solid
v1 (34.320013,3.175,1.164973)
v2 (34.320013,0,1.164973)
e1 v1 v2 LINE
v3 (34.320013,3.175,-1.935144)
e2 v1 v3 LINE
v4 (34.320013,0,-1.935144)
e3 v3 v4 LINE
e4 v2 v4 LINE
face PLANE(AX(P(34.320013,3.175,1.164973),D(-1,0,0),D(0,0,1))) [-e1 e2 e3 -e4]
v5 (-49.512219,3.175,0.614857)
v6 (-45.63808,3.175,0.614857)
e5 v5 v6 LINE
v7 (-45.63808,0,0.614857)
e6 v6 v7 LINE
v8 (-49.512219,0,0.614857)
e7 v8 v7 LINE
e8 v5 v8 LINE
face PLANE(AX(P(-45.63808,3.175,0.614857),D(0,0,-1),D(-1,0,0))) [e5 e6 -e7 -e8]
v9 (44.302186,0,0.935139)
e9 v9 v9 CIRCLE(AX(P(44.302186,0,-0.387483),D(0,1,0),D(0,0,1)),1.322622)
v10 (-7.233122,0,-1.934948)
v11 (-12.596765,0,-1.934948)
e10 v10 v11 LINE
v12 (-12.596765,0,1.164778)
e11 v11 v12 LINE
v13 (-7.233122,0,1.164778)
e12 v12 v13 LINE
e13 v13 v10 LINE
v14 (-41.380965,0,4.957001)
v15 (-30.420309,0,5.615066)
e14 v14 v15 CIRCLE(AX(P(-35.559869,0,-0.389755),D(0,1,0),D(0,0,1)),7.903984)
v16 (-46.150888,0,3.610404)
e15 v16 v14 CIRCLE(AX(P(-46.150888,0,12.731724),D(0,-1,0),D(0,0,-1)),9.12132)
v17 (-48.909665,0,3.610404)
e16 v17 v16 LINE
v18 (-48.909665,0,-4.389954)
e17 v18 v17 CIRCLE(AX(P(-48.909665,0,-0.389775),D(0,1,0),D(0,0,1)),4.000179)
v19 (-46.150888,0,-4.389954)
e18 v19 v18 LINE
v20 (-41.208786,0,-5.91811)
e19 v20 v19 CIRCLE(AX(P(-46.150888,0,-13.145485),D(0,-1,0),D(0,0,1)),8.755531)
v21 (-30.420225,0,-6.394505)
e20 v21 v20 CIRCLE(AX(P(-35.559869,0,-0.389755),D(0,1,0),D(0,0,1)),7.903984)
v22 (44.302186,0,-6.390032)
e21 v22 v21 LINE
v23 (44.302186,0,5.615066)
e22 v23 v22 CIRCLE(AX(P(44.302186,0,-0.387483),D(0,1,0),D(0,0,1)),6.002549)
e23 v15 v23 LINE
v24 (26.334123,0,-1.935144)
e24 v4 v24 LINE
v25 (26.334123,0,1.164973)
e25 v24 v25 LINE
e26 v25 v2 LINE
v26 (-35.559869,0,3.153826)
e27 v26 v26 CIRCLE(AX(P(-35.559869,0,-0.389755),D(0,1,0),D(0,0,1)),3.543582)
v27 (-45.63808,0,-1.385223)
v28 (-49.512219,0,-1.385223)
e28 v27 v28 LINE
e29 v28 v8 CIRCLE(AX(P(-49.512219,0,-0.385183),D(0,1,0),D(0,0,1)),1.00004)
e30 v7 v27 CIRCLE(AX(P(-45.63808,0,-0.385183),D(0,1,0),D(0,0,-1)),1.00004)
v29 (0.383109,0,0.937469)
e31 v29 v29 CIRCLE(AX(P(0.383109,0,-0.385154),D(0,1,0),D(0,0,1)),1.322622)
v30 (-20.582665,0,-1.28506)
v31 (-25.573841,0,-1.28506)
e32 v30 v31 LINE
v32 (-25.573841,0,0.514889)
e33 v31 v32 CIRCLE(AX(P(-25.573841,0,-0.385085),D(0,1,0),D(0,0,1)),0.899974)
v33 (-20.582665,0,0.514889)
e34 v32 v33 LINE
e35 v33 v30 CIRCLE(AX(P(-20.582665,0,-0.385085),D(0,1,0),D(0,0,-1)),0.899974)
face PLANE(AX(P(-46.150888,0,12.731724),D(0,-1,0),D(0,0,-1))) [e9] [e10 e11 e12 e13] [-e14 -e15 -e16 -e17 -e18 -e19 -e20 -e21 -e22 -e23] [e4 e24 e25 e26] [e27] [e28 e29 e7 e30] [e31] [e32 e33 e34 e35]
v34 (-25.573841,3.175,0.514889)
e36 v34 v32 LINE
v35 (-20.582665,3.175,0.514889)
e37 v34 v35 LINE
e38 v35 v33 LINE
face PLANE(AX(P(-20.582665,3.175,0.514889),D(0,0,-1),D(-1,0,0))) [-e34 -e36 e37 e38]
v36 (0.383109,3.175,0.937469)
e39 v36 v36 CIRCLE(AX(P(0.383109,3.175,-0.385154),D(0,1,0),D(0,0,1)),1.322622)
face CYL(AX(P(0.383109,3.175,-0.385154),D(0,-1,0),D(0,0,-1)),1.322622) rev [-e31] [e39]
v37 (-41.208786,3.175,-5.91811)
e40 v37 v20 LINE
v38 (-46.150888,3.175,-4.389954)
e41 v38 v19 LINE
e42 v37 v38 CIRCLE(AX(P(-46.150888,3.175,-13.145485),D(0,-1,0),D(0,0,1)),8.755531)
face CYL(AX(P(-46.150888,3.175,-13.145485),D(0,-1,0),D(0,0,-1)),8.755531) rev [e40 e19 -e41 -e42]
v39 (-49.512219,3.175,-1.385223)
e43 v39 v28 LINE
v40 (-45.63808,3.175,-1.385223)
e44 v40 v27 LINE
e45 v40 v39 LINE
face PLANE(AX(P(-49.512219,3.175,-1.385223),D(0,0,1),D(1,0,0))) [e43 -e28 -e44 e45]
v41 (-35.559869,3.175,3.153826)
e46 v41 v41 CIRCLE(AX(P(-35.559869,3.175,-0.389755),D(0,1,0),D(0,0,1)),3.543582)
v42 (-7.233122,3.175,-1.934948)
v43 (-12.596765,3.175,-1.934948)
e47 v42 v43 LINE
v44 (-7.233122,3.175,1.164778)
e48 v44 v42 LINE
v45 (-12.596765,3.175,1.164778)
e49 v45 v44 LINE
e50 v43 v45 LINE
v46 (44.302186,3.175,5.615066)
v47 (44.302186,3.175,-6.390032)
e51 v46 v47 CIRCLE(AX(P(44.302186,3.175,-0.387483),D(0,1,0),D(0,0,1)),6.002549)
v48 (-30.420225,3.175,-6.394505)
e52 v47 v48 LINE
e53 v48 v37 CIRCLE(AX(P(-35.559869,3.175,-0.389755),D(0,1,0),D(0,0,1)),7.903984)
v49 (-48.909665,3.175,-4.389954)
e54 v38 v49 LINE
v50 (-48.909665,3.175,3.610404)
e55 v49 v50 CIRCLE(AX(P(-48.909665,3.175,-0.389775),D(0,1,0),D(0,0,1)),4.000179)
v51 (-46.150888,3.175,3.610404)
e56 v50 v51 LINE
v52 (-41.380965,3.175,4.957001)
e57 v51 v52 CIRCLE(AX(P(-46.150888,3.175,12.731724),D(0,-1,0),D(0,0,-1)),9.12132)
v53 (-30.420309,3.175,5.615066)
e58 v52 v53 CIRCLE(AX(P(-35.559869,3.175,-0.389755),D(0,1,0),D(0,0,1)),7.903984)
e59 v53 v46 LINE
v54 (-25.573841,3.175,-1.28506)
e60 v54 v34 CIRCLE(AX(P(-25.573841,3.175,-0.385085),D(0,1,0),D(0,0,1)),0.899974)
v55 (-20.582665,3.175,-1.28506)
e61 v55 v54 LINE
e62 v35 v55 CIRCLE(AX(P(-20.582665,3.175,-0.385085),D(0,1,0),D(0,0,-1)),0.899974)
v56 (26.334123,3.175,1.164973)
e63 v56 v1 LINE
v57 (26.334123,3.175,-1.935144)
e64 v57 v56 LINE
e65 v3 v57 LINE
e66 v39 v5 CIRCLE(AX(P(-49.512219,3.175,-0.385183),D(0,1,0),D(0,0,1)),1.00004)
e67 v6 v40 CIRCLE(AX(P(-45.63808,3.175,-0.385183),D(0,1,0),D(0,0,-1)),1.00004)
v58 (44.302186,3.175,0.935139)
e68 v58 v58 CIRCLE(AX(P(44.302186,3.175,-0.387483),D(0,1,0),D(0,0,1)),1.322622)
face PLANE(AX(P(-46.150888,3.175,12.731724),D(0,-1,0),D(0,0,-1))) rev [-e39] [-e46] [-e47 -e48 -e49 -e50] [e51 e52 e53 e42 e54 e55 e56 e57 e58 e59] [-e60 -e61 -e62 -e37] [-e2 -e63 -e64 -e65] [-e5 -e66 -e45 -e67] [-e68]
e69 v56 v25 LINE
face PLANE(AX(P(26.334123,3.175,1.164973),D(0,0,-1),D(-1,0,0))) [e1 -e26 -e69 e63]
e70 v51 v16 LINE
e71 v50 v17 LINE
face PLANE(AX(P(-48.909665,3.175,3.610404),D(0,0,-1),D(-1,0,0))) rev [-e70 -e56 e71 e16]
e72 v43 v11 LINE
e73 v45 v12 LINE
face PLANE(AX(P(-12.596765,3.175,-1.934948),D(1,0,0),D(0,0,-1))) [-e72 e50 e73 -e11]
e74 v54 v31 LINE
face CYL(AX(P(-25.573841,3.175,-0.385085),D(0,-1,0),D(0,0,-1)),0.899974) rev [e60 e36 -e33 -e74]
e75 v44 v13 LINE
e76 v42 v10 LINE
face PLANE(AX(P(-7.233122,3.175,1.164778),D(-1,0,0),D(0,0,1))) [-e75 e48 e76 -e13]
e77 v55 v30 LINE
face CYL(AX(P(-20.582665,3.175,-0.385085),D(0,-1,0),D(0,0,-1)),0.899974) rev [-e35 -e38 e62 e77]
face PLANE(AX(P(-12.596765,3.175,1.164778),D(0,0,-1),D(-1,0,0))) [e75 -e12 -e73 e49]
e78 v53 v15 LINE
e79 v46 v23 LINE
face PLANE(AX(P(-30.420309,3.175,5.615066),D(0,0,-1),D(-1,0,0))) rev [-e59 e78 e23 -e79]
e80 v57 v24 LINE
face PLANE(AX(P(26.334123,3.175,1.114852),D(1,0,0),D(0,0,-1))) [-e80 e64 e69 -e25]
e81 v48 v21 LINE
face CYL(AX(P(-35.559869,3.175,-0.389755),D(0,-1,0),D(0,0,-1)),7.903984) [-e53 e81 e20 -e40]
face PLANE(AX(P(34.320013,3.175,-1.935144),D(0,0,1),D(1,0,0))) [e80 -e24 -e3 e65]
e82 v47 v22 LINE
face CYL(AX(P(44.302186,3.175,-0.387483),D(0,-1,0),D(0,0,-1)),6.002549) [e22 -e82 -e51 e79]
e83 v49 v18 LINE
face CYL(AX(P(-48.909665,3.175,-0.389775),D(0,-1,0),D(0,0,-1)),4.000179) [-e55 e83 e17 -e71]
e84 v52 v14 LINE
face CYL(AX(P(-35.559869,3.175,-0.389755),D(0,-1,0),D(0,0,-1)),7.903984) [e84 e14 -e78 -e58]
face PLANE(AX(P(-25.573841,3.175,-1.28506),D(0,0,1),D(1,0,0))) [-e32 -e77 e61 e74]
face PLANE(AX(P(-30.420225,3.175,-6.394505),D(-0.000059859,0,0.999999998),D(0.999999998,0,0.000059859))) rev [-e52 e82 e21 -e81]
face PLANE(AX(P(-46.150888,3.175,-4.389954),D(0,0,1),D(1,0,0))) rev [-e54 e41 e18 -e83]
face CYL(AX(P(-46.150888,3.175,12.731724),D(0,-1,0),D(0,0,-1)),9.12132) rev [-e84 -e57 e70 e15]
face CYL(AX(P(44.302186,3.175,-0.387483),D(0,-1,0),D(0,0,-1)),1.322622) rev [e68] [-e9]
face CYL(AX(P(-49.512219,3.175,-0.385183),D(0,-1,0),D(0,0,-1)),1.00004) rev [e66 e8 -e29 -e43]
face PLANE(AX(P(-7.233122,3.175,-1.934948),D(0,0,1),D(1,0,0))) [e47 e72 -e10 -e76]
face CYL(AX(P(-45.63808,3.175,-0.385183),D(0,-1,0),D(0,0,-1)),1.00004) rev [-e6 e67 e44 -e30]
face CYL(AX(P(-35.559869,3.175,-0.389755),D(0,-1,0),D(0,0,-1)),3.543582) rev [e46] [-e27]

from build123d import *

# Parameters (mm, degrees)
SKETCH1_R           = 1.322622219
SKETCH1_R_2         = 3.543581518
SKETCH1_W           = 5.363642664
SKETCH1_H           = 3.09972609
BOSS_EXTRUDE1_DEPTH = 3.175


with BuildPart() as part:
    # Sketch1 → Boss-Extrude1 (new body)
    with BuildSketch(Plane(origin=(0, 0, 0), x_dir=(1, 0, 0), z_dir=(0, 1, 0))):
        with BuildLine():
            Line((-30.420224954, 6.394505262), (44.302185909, 6.390032423))
            ThreePointArc((44.302185909, 6.390032423), (50.304735151, 0.387483181), (44.302185909, -5.61506606))
            Line((44.302185909, -5.61506606), (-30.420308604, -5.61506606))
            ThreePointArc((-30.420308604, -5.61506606), (-36.033562007, -7.500021548), (-41.380965097, -4.957001462))
            ThreePointArc((-41.380965097, -4.957001462), (-43.672708861, -3.953506377), (-46.150888165, -3.610404055))
            Line((-46.150888165, -3.610404055), (-48.909665253, -3.610404055))
            ThreePointArc((-48.909665253, -3.610404055), (-52.90984424, 0.389774933), (-48.909665253, 4.38995392))
            Line((-48.909665253, 4.38995392), (-46.150888165, 4.38995392))
            ThreePointArc((-46.150888165, 4.38995392), (-43.564402624, 4.780712621), (-41.208786399, 5.918109658))
            ThreePointArc((-41.208786399, 5.918109658), (-35.908549497, 8.286044856), (-30.420224954, 6.394505262))
        make_face()
        with Locations(Location((44.302185909, 0.387483181, 0), (0, 0, 270))):
            Circle(SKETCH1_R, mode=Mode.SUBTRACT)
        with Locations(Location((0.383109325, 0.385153592, 0), (0, 0, 270))):
            Circle(SKETCH1_R, mode=Mode.SUBTRACT)
        with Locations(Location((-35.559869313, 0.389755399, 0), (0, 0, 270))):
            Circle(SKETCH1_R_2, mode=Mode.SUBTRACT)
        Polygon((34.320012777, 1.885218269), (34.320012777, 1.935143597), (26.334122715, 1.935143597), (26.334122715, 1.885218269), (26.334122715, -1.114852491), (26.334122715, -1.164973144), (34.320012777, -1.164973144), (34.320012777, -1.114852491), align=None, mode=Mode.SUBTRACT)
        with Locations((-9.914943428, 0.385085228)):
            Rectangle(SKETCH1_W, SKETCH1_H, mode=Mode.SUBTRACT)
        with BuildLine():
            Line((-20.582664571, -0.514889121), (-25.573840985, -0.514889121))
            ThreePointArc((-25.573840985, -0.514889121), (-26.473815335, 0.385085229), (-25.573840985, 1.285059578))
            Line((-25.573840985, 1.285059578), (-20.582664571, 1.285059578))
            ThreePointArc((-20.582664571, 1.285059578), (-19.682690221, 0.385085229), (-20.582664571, -0.514889121))
        make_face(mode=Mode.SUBTRACT)
        with BuildLine():
            Line((-49.512218616, 1.385222757), (-45.638080248, 1.385222757))
            ThreePointArc((-45.638080248, 1.385222757), (-44.638040384, 0.385182893), (-45.638080248, -0.614856971))
            Line((-45.638080248, -0.614856971), (-49.512218616, -0.614856971))
            ThreePointArc((-49.512218616, -0.614856971), (-50.51225848, 0.385182893), (-49.512218616, 1.385222757))
        make_face(mode=Mode.SUBTRACT)
    extrude(amount=BOSS_EXTRUDE1_DEPTH)


solid = part.part
